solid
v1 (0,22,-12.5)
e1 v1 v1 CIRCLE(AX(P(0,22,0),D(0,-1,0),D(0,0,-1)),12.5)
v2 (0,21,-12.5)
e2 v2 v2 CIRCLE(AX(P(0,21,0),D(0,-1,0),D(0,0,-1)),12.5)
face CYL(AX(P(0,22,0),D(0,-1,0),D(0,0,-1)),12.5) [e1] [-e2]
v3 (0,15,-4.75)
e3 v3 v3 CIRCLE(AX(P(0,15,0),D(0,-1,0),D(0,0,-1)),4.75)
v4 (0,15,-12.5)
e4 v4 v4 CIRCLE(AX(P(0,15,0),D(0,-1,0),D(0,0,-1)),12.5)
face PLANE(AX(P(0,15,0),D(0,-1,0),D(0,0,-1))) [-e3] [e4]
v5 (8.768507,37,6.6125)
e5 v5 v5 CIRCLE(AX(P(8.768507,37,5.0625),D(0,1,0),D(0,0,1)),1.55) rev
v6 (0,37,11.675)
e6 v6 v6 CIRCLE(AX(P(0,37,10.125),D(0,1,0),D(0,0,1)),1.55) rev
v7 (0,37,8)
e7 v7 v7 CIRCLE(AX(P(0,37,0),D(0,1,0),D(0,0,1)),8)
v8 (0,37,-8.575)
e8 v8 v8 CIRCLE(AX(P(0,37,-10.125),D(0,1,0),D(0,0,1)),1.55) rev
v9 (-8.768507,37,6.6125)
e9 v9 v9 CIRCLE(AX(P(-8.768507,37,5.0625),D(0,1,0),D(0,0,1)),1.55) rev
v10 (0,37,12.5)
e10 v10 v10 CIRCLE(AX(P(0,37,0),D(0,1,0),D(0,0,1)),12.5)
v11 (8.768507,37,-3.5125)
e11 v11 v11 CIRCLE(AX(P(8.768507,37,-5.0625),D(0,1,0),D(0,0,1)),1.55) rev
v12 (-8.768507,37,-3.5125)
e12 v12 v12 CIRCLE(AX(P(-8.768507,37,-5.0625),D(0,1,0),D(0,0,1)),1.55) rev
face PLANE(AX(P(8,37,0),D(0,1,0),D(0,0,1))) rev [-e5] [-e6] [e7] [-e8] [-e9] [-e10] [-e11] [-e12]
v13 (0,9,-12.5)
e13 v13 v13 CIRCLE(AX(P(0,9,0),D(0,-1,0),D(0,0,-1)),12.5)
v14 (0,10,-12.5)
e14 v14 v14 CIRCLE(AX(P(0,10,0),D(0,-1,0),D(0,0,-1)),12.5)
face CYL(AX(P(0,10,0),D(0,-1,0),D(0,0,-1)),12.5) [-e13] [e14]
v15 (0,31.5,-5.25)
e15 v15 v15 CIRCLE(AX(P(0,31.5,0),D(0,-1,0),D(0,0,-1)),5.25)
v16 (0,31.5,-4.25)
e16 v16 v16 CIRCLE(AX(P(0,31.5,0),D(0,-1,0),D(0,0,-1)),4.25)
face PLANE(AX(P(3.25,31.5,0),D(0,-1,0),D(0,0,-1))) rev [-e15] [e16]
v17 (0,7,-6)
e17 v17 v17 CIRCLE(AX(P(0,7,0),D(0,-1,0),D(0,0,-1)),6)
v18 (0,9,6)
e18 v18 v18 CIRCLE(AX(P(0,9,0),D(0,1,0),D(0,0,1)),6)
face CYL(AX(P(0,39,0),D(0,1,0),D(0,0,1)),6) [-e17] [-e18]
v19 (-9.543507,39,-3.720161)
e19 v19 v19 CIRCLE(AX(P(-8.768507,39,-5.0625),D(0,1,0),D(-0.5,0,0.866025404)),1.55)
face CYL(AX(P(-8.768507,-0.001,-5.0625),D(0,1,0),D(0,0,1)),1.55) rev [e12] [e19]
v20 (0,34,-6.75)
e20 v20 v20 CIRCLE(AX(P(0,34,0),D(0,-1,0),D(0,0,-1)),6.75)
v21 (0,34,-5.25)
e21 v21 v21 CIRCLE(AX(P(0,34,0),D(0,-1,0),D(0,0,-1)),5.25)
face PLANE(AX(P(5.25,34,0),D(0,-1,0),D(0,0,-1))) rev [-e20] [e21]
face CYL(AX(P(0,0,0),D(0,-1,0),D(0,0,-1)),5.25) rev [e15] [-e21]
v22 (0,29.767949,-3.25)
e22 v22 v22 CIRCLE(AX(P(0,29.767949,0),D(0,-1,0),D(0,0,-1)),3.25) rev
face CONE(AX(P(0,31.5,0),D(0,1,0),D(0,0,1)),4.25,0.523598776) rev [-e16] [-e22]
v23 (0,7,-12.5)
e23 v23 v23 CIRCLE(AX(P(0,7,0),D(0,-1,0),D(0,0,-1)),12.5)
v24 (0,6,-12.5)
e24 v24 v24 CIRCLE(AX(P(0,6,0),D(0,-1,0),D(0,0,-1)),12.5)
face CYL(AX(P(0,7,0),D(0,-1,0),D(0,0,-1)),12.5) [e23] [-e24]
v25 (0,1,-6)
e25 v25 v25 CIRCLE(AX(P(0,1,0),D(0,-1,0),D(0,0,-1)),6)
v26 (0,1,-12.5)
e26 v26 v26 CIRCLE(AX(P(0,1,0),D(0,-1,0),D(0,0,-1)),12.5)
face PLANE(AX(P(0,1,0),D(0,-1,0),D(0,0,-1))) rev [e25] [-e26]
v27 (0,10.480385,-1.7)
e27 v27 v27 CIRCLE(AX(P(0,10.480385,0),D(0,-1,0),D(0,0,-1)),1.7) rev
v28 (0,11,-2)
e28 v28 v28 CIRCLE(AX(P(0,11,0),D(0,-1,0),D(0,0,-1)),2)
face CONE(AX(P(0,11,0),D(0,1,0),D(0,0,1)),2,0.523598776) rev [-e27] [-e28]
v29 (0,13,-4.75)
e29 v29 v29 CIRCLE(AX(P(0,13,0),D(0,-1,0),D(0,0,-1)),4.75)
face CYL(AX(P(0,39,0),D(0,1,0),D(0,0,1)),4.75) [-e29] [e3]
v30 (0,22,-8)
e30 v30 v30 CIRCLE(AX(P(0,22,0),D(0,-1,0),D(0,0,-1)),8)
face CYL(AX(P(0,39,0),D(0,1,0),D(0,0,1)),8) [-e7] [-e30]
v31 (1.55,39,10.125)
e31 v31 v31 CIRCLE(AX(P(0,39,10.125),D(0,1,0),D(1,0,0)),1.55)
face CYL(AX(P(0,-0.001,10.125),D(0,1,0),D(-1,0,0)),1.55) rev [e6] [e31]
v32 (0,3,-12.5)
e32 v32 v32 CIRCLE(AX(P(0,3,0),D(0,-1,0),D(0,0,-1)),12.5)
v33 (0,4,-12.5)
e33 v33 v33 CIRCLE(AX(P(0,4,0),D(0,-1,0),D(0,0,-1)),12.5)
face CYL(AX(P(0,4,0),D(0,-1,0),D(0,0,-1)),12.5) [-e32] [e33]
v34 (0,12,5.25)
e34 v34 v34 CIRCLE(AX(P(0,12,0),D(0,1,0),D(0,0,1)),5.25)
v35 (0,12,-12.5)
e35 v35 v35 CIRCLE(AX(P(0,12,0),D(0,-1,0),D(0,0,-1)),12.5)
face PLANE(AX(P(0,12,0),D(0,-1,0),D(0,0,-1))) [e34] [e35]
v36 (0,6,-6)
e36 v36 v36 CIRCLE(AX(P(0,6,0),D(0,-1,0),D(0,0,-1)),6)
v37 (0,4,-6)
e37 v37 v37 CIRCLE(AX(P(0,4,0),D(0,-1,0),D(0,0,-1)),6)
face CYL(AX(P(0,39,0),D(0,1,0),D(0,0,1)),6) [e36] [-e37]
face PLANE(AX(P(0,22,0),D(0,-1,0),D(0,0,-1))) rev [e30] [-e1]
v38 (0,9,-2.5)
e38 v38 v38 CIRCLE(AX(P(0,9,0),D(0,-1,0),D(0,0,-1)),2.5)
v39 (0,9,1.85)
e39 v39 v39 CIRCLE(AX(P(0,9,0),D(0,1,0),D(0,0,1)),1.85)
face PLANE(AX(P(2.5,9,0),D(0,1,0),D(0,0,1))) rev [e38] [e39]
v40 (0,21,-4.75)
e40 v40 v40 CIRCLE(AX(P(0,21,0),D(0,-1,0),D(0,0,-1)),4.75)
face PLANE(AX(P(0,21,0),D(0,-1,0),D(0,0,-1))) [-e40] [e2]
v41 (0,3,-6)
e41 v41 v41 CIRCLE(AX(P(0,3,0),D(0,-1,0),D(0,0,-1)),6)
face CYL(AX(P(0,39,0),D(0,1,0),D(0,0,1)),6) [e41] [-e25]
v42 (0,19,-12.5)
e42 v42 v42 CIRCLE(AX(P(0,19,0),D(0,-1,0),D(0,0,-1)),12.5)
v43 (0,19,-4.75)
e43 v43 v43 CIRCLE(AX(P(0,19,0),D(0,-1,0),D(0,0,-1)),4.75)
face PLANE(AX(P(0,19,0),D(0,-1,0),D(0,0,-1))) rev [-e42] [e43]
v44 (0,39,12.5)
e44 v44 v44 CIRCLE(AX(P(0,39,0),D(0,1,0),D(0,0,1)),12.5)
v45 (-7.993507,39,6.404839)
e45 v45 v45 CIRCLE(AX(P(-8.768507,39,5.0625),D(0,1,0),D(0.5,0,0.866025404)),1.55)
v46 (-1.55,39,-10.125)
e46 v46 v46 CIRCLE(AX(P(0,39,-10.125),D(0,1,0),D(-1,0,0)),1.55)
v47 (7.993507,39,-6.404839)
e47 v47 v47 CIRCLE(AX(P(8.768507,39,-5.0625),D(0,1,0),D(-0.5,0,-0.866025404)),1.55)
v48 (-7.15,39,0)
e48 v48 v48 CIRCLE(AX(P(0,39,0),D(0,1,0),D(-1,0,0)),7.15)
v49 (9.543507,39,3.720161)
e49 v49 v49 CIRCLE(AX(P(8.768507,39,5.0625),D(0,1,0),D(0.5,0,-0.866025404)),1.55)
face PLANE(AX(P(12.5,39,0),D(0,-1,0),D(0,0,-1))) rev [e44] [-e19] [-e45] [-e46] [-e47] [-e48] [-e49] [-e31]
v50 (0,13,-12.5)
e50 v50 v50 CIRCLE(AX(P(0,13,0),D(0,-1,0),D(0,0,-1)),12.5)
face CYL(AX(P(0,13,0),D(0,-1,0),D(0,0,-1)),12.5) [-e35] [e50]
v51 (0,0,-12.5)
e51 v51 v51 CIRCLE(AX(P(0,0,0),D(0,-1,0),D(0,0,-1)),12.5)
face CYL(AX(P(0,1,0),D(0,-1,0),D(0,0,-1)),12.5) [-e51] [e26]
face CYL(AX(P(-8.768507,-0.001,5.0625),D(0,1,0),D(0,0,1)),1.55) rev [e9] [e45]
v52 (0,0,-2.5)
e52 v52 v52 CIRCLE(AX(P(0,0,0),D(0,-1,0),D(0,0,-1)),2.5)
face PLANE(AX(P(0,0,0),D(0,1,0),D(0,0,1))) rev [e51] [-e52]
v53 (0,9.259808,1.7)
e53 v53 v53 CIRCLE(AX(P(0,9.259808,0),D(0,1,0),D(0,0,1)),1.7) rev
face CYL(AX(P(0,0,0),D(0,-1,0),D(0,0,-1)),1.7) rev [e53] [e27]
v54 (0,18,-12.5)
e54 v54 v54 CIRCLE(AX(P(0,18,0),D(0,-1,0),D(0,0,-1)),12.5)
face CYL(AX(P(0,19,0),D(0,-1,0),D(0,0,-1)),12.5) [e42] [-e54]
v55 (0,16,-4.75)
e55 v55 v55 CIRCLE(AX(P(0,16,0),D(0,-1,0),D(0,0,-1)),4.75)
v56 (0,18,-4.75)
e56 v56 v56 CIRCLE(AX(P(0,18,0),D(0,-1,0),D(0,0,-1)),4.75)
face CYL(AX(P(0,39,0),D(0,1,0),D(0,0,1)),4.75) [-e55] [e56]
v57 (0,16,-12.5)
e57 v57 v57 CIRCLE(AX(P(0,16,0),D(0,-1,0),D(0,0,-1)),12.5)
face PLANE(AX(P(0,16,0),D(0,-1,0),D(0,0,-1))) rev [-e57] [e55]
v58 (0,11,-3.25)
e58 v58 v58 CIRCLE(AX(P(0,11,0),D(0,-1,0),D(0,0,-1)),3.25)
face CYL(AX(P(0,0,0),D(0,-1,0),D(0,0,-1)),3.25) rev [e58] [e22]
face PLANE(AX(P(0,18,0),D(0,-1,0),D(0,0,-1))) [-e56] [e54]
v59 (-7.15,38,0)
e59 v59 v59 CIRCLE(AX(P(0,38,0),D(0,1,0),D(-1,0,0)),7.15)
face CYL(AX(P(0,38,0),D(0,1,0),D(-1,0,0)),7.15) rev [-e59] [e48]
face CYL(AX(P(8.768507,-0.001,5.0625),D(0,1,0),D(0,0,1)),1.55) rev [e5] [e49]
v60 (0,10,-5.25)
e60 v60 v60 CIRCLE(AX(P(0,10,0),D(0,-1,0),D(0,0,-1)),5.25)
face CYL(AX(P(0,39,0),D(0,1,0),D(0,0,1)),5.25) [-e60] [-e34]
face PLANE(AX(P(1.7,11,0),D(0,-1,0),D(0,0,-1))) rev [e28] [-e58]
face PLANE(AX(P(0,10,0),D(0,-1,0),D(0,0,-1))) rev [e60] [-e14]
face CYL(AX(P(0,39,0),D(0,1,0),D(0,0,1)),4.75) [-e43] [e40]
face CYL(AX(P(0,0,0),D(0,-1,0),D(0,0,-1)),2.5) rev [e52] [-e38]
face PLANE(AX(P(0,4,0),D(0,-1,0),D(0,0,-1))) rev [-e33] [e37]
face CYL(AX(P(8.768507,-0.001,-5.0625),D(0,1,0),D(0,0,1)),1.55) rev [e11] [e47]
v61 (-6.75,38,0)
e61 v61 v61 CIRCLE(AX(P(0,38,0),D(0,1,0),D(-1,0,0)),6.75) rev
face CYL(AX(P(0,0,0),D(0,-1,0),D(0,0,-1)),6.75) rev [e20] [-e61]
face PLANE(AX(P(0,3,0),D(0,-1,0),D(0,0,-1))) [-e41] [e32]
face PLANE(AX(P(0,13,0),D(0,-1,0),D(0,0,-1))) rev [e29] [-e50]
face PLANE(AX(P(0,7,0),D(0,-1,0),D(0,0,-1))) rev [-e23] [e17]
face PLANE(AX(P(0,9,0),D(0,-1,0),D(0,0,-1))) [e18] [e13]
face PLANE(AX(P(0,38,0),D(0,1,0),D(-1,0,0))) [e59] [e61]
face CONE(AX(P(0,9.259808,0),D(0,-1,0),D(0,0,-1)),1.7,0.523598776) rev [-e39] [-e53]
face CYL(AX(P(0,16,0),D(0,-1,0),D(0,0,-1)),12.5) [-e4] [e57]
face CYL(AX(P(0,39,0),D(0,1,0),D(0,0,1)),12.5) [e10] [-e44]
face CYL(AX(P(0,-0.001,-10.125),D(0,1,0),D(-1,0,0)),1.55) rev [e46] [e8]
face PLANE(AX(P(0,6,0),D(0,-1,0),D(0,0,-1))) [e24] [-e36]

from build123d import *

# Parameters (mm, degrees)
SALIENTE_EXTRUIR1_START = -1
CROQUIS3_R              = 12.5
CROQUIS3_R_2            = 3.25
SALIENTE_EXTRUIR1_DEPTH = 1
MATRIZL1_COUNT          = 8
MATRIZL1_PITCH          = 3
CORTAR_EXTRUIR1_REACH   = 44.819
CROQUIS5_R              = 1.55
MATRIZC1_COUNT          = 6
CHAFL_N3_SIZE           = 0.3
CHAFL_N3_SIZE2          = 0.519615242
CROQUIS6_R              = 7.15
CORTAR_EXTRUIR2_DEPTH   = 1
CHAFL_N2_SIZE           = 0.15
CHAFL_N2_SIZE2          = 0.259807621
CHAFL_N4_SIZE           = 1
CHAFL_N4_SIZE2          = 1.732050808


with BuildPart() as part:
    # Croquis1 → Revolución1 (revolve)
    with BuildSketch(Plane.XY, mode=Mode.PRIVATE) as revoluci_n1_sk:
        Polygon((0, 0), (6, 0), (6, 9), (5.25, 9), (5.25, 12), (4.75, 12), (4.75, 22), (8, 22), (8, 37), (12.5, 37), (12.5, 39), (0, 39), align=None)
    revolve(revoluci_n1_sk.sketch.rotate(Axis((0, 39, 0), (0, -1, 0)), 90), axis=Axis((0, 39, 0), (0, -1, 0)))

    # Croquis2 → Cortar-Revolución1 (revolve, cut)
    with BuildSketch(Plane.XY, mode=Mode.PRIVATE) as cortar_revoluci_n1_sk:
        Polygon((0, 0), (2.5, 0), (2.5, 9), (1.7, 9), (1.7, 11), (3.25, 11), (3.25, 31.5), (5.25, 31.5), (5.25, 34), (6.75, 34), (6.75, 39), (0, 39), align=None)
    revolve(cortar_revoluci_n1_sk.sketch.rotate(Axis((0, 0, 0), (0, 1, 0)), 90), axis=Axis((0, 0, 0), (0, 1, 0)), mode=Mode.SUBTRACT)

    # Croquis3 → Saliente-Extruir1 (add)
    with BuildSketch(Plane.XZ.offset(SALIENTE_EXTRUIR1_START)):
        with Locations(Location((0, 0, 0), (0, 0, 90))):
            Circle(CROQUIS3_R)
        with Locations(Location((0, 0, 0), (0, 0, 270))):
            Circle(CROQUIS3_R_2, mode=Mode.SUBTRACT)
    saliente_extruir1 = extrude(amount=SALIENTE_EXTRUIR1_DEPTH)

    # MatrizL1: Saliente-Extruir1 ×8
    with Locations(*[(0, i * MATRIZL1_PITCH, 0) for i in range(1, MATRIZL1_COUNT)]):
        add(saliente_extruir1)

    # Croquis5 → Cortar-Extruir1 (cut, up to next)
    with BuildSketch(Plane(origin=(0, 39, 0), x_dir=(1, 0, 0), z_dir=(0, 1, 0)), mode=Mode.PRIVATE) as cortar_extruir1_sk1:
        with Locations(Location((0, 10.125, 0), (0, 0, 180))):
            Circle(CROQUIS5_R)
    cortar_extruir1_tool1 = extrude(cortar_extruir1_sk1.sketch, amount=-CORTAR_EXTRUIR1_REACH, mode=Mode.PRIVATE) & part.part
    cortar_extruir1 = cortar_extruir1_tool1.solids().sort_by_distance((0, 39, -10.125))[0]
    add(cortar_extruir1, mode=Mode.SUBTRACT)

    # MatrizC1: Cortar-Extruir1 ×6 about axis
    matrizc1_axis = Axis((0, 0, 0), (0, 1, 0))
    for i in range(1, MATRIZC1_COUNT):
        add(cortar_extruir1.rotate(matrizc1_axis, i * 360 / MATRIZC1_COUNT), mode=Mode.SUBTRACT)

    # Chaflán3
    chafl_n3_edges = [part.edges().sort_by_distance(p)[0] for p in [
        (0, 11, 1.7),
    ]]
    chafl_n3_side = [part.faces().sort_by_distance(p)[0] for p in [
        (0, 11, 1.791923882),
    ]]
    chamfer(chafl_n3_edges, length=CHAFL_N3_SIZE, length2=CHAFL_N3_SIZE2, reference=chafl_n3_side[0])

    # Croquis6 → Cortar-Extruir2 (cut)
    with BuildSketch(Plane(origin=(0, 39, 0), x_dir=(1, 0, 0), z_dir=(0, 1, 0))):
        with Locations(Location((0, 0, 0), (0, 0, 180))):
            Circle(CROQUIS6_R)
    extrude(amount=-CORTAR_EXTRUIR2_DEPTH, mode=Mode.SUBTRACT)

    # Chaflán2
    chafl_n2_edges = [part.edges().sort_by_distance(p)[0] for p in [
        (0, 9, 1.7),
    ]]
    chafl_n2_side = [part.faces().sort_by_distance(p)[0] for p in [
        (0, 9, 2.429289322),
    ]]
    chamfer(chafl_n2_edges, length=CHAFL_N2_SIZE, length2=CHAFL_N2_SIZE2, reference=chafl_n2_side[0])

    # Chaflán4
    chafl_n4_edges = [part.edges().sort_by_distance(p)[0] for p in [
        (0, 31.5, 3.25),
    ]]
    chafl_n4_side = [part.faces().sort_by_distance(p)[0] for p in [
        (0, 31.5, 3.398492424),
    ]]
    chamfer(chafl_n4_edges, length=CHAFL_N4_SIZE, length2=CHAFL_N4_SIZE2, reference=chafl_n4_side[0])


solid = part.part
